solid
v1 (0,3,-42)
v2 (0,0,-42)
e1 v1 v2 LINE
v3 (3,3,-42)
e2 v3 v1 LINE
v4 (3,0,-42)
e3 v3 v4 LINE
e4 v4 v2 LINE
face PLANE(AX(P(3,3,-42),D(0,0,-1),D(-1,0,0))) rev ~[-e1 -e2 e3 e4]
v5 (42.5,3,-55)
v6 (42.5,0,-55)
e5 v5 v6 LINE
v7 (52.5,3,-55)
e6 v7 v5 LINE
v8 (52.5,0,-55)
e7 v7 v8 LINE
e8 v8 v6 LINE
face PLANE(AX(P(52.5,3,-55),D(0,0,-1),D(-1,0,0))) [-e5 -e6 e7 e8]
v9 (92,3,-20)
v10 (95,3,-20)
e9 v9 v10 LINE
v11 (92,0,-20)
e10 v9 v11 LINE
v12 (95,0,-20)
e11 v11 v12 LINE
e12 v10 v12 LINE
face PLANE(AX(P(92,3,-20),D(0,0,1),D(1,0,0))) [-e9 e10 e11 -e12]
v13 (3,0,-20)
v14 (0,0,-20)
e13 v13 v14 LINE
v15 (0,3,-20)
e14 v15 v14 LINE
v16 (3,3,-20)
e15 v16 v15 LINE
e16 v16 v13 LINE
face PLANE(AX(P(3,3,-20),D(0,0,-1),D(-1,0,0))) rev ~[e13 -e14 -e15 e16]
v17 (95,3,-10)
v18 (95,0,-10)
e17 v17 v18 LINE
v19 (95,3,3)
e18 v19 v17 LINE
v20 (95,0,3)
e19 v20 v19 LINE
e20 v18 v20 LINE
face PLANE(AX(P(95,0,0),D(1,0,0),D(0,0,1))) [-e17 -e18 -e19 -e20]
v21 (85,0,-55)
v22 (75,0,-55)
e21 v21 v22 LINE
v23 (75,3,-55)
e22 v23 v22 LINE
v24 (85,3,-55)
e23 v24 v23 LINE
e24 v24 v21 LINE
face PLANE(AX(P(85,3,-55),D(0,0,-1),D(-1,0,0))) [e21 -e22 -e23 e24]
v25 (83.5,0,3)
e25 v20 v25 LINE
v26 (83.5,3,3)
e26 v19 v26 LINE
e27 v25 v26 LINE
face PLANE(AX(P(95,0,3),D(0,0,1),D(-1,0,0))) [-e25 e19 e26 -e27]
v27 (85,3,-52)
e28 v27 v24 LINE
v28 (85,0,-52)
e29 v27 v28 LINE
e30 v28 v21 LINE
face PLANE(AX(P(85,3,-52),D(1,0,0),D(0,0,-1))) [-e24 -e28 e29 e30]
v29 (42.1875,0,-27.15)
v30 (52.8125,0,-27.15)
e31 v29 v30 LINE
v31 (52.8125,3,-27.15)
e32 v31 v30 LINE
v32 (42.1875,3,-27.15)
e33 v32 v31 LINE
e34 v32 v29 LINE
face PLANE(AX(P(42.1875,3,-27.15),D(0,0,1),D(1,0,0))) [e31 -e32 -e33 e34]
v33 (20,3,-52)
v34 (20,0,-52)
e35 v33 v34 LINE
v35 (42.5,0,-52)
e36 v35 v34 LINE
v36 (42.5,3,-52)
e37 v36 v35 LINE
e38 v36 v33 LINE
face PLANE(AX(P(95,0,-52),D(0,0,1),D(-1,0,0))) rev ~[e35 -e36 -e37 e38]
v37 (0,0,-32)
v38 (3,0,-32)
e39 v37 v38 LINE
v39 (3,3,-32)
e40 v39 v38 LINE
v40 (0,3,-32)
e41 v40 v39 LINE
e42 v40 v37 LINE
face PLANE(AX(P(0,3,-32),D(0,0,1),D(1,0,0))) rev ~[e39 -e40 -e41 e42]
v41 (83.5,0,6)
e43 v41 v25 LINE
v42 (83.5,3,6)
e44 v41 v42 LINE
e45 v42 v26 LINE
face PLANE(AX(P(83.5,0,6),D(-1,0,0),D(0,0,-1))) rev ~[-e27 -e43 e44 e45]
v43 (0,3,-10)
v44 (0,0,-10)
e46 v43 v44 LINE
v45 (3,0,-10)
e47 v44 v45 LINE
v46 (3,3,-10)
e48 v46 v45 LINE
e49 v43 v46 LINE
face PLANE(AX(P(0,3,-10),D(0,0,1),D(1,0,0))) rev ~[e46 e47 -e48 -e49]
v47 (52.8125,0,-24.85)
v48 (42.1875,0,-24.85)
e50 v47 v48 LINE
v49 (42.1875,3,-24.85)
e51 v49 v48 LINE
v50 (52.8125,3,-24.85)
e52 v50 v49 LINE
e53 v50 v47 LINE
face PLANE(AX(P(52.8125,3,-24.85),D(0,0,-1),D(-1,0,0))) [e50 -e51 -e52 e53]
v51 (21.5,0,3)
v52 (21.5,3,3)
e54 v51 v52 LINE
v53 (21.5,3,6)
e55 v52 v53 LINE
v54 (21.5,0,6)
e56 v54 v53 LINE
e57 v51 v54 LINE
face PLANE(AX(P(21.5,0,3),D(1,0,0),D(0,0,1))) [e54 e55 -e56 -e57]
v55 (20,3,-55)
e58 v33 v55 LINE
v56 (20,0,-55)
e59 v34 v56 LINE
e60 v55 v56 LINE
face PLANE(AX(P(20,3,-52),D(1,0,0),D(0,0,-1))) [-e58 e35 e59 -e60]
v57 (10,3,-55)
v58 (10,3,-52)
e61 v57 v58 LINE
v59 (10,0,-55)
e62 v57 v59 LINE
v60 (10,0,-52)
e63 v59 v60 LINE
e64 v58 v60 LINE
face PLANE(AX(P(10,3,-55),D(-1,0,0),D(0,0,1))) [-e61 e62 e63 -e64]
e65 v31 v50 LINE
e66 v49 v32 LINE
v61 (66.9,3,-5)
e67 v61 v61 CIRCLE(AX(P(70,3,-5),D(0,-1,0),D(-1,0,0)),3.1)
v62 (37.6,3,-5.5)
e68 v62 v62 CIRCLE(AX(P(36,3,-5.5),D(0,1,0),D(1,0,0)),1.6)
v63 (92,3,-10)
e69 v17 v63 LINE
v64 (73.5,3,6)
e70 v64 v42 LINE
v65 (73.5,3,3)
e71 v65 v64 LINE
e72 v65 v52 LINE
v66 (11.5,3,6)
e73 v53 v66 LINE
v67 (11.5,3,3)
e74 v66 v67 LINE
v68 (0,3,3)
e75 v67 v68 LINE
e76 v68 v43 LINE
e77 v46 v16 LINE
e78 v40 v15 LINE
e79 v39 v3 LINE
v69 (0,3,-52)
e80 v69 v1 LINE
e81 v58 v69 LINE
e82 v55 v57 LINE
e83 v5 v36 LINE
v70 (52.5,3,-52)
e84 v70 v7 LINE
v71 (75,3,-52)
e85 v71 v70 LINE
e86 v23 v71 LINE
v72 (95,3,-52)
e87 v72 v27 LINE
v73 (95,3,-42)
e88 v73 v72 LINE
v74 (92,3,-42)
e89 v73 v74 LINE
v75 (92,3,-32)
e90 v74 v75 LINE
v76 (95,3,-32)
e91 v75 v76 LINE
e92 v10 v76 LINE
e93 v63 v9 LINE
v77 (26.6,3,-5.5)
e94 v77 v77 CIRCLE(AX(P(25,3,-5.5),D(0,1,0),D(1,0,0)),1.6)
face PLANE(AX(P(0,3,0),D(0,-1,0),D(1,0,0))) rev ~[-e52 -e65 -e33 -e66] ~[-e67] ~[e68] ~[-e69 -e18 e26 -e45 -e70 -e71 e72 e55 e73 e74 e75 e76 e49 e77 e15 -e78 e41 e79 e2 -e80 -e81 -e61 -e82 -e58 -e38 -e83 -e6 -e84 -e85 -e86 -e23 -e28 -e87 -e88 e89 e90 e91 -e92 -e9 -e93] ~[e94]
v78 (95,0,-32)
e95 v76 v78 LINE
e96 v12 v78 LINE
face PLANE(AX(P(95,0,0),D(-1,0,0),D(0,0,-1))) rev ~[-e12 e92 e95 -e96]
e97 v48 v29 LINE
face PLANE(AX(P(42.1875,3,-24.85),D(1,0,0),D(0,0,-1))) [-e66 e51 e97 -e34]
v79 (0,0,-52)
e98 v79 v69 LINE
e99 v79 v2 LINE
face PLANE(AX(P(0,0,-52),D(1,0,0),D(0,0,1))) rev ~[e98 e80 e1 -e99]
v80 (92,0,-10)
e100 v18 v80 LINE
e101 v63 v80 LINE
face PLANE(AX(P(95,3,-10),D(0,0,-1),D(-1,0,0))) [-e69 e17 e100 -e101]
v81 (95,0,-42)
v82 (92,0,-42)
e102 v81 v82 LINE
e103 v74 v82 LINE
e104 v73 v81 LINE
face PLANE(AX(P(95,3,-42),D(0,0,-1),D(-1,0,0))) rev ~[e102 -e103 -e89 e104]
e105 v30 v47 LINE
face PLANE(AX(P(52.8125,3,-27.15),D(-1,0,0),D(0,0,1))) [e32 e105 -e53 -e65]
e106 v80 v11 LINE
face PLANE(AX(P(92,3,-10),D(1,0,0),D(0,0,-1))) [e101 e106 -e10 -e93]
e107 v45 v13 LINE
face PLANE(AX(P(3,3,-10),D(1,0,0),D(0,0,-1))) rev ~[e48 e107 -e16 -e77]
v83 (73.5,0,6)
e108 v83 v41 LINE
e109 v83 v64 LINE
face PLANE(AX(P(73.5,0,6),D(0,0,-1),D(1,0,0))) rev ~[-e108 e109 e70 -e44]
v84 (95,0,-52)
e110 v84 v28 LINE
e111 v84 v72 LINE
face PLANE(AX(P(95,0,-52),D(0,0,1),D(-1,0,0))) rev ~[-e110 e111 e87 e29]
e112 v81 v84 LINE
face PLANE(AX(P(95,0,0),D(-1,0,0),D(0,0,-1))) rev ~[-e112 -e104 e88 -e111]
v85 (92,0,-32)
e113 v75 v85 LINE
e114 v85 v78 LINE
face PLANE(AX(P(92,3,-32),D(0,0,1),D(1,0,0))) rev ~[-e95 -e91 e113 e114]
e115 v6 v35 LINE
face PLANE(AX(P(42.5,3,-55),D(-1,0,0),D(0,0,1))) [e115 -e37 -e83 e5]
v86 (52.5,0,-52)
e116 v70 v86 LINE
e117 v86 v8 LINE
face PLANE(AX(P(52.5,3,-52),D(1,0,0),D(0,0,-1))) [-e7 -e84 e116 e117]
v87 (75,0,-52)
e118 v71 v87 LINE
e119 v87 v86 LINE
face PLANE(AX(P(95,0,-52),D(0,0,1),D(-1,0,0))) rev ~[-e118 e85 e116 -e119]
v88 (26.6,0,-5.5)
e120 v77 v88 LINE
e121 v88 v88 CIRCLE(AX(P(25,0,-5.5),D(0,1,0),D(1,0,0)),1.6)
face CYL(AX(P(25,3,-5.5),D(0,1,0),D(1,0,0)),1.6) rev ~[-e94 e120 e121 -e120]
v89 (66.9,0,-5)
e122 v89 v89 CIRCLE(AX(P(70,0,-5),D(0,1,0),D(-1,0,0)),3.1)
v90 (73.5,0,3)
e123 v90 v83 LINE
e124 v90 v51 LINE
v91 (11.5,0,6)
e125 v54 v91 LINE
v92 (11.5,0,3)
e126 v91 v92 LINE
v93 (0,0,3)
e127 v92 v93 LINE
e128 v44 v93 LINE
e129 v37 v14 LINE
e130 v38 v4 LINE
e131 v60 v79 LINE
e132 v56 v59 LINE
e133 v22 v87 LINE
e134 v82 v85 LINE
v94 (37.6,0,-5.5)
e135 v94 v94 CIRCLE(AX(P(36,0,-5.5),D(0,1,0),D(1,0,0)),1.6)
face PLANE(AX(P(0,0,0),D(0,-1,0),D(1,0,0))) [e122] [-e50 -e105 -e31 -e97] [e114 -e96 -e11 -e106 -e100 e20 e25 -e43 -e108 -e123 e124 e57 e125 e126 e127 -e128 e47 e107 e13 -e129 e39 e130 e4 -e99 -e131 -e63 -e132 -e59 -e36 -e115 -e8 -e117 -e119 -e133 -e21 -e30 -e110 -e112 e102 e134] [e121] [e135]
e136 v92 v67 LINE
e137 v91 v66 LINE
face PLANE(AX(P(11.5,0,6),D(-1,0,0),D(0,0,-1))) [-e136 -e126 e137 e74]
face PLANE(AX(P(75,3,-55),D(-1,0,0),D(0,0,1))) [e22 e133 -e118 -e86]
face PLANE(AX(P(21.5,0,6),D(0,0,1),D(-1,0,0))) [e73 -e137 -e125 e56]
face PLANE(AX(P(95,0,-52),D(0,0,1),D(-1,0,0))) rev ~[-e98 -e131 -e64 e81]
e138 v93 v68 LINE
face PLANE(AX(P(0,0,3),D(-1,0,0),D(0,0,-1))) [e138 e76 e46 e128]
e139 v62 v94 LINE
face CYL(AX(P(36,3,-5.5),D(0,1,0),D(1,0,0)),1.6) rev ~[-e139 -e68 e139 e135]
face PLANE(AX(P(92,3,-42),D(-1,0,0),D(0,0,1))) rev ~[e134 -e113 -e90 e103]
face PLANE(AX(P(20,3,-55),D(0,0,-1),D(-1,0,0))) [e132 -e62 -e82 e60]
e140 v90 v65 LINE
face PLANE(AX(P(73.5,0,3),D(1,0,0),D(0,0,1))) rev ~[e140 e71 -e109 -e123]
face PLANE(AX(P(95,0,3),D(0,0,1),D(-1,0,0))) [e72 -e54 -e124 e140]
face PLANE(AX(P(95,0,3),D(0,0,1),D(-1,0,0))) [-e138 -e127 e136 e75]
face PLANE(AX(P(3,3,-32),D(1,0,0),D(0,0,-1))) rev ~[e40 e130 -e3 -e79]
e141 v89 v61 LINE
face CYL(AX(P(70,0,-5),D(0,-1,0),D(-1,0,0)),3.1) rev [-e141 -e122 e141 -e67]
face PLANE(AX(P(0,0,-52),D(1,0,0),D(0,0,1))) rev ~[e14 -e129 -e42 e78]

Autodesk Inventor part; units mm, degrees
ref_plane "YZ Plane" through (0, 0, 0) normal (1, 0, 0) x (0, 1, 0)
ref_plane "XZ Plane" through (0, 0, 0) normal (0, 1, 0) x (-1, 0, 0)
ref_plane "XY Plane" through (0, 0, 0) normal (0, 0, 1) x (1, 0, 0)
sketch "Parede_lateral_1" plane through (0, 0, 0) normal (0, 1, 0) x (-1, 0, 0)
  line L0 (0, 0) -> (-95, 0)
  line L1 (-95, 0) -> (-95, -52)
  line L2 (-95, -52) -> (0, -52)
  line L3 (0, -52) -> (0, 0)
  circle A0 centre (-70, -5) radius 3.1
  dimension "d0" = 95
  dimension "d1" = 52
  dimension "d101" = 6.2
  dimension "d102" = 5
  dimension "d105" = 25
extrude "Extrusão1" add sketch "Parede_lateral_1" along normal blind 3 contours L3 L2 L1 L0 | A0
sketch "Esboço3" plane through (0, 3, 0) normal (0, 1, 0) x (1, 0, 0)
  line L0 (42.1875, 27.15) -> (52.8125, 27.15)
  line L1 (52.8125, 27.15) -> (52.8125, 24.85)
  line L2 (52.8125, 24.85) -> (42.1875, 24.85)
  line L3 (42.1875, 24.85) -> (42.1875, 27.15)
  line L4 (95, 52) -> (0, 52) projected
  line L5 (95, 0) -> (95, 52) projected
  point P0 (0, 0)
  point P1 (46, 52)
  point P2 (27, 52)
  point P3 (47.5, 27.15)
  point P4 (95, 26)
  point P5 (52.8125, 26)
  dimension "d26" = 10.625
  dimension "d27" = 2.3
  dimension "d30" = 24.85
  dimension "d31" = 42.1875
extrude "Extrusão3" cut sketch "Esboço3" against normal blind 10
sketch "Esboço4" plane through (0, 3, 0) normal (0, 1, 0) x (1, 0, 0)
  line L0 (95, 52) -> (0, 52) projected
  line L1 (0, 52) -> (0, 0) projected
  line L2 (10, 52) -> (20, 52)
  line L3 (20, 52) -> (20, 55)
  line L4 (20, 55) -> (10, 55)
  line L5 (10, 55) -> (10, 52)
  line L6 (42.5, 52) -> (52.5, 52)
  line L7 (52.5, 52) -> (52.5, 55)
  line L8 (52.5, 55) -> (42.5, 55)
  line L9 (42.5, 55) -> (42.5, 52)
  line L10 (75, 52) -> (85, 52)
  line L11 (85, 52) -> (85, 55)
  line L12 (85, 55) -> (75, 55)
  line L13 (75, 55) -> (75, 52)
  line L14 (0, 0) -> (95, 0) projected
  line L15 (95, 0) -> (95, 52) projected
  dimension "d43" = 3
  dimension "d74" = 3
  dimension "d75" = 3
extrude "Extrusão4" add sketch "Esboço4" against normal blind 3 contours L0 L13 L12 L11 | L0 L9 L8 L7 | L5 L4 L3 L0
sketch "Esboço5" plane through (0, 3, 0) normal (0, 1, 0) x (1, 0, 0)
  line L0 (0, 10) -> (3, 10)
  line L1 (3, 10) -> (3, 20)
  line L2 (3, 20) -> (0, 20)
  line L3 (0, 20) -> (0, 10)
  line L4 (0, 32) -> (3, 32)
  line L5 (3, 32) -> (3, 42)
  line L6 (3, 42) -> (0, 42)
  line L7 (0, 42) -> (0, 32)
  line L8 (10, 52) -> (0, 52) projected
  line L9 (0, 0) -> (95, 0) projected
  line L10 (95, 0) -> (95, 52) projected
  line L11 (95, 10) -> (92, 10)
  line L12 (92, 10) -> (92, 20)
  line L13 (92, 20) -> (95, 20)
  line L14 (95, 20) -> (95, 10)
  line L15 (95, 42) -> (92, 42)
  line L16 (92, 42) -> (92, 32)
  line L17 (92, 32) -> (95, 32)
  line L18 (95, 32) -> (95, 42)
  line L19 (95, 52) -> (85, 52) projected
  line L20 (0, 0) -> (95, 0) projected
  point P0 (1.5, 42)
  point P1 (10, 0)
  point P2 (93.5, 42)
  point P3 (85, 0)
  point P4 (93.5, 10)
  point P5 (92, 37)
  point P6 (95, 37)
  dimension "d63" = 3
  dimension "d64" = 10
  dimension "d65" = 3
  dimension "d66" = 10
  dimension "d67" = 10
  dimension "d68" = 10
  dimension "d71" = 10
  dimension "d72" = 10
  dimension "d76" = 3
  dimension "d77" = 3
extrude "Extrusão5" cut sketch "Esboço5" against normal blind 3
sketch "Esboço6" plane through (0, 0, 0) normal (0, -1, 0) x (1, 0, 0)
  line L0 (0, 0) -> (95, 0)
  line L1 (95, 0) -> (95, 3)
  line L2 (95, 3) -> (0, 3)
  line L3 (0, 3) -> (0, 0)
  dimension "d79" = 95
  dimension "d80" = 3
extrude "Extrusão6" add sketch "Esboço6" against normal blind 3
sketch "Esboço7" plane through (0, 0, 0) normal (0, -1, 0) x (1, 0, 0)
  line L0 (95, 3) -> (0, 3) projected
  line L1 (11.5, 3) -> (21.5, 3)
  line L2 (21.5, 3) -> (21.5, 6)
  line L3 (21.5, 6) -> (11.5, 6)
  line L4 (11.5, 6) -> (11.5, 3)
  line L5 (83.5, 3) -> (73.5, 3)
  line L6 (73.5, 3) -> (73.5, 6)
  line L7 (73.5, 6) -> (83.5, 6)
  line L8 (83.5, 6) -> (83.5, 3)
  line L9 (0, -10) -> (0, 3) projected
  line L10 (95, 3) -> (95, -10) projected
  point P0 (0, 0)
  point P1 (11.5, 4.5)
  point P2 (95, -3.5)
  point P3 (83.5, 4.5)
  point P4 (21.5, 3)
  dimension "d83" = 10
  dimension "d84" = 3
  dimension "d85" = 10
  dimension "d86" = 3
  dimension "d87" = 11.5
  dimension "d88" = 11.5
extrude "Extrusão7" add sketch "Esboço7" against normal blind 3
sketch "Esboço8" plane through (0, 3, 0) normal (0, 1, 0) x (1, 0, 0)
  circle A0 centre (25, 5.5) radius 1.6
  circle A1 centre (36, 5.5) radius 1.6
  line L0 (21.5, -3) -> (73.5, -3) projected
  line L1 (0, 10) -> (0, -3) projected
  point P0 (0, 0)
  dimension "d92" = 3.2
  dimension "d93" = 3.2
  dimension "d94" = 11
  dimension "d95" = 8.5
  dimension "d96" = 8.5
  dimension "d98" = 25
extrude "Extrusão8" cut sketch "Esboço8" against normal blind 10
extrude "Extrusão9" cut sketch "Parede_lateral_1" along normal blind 10 contours A0
equation "\"d30\" = -0.5 * d27 + 0.5 * d1"
equation "\"d31\" = -0.5 * d26 + 0.5 * d0"
properties part number "Parede_lateral_1"
